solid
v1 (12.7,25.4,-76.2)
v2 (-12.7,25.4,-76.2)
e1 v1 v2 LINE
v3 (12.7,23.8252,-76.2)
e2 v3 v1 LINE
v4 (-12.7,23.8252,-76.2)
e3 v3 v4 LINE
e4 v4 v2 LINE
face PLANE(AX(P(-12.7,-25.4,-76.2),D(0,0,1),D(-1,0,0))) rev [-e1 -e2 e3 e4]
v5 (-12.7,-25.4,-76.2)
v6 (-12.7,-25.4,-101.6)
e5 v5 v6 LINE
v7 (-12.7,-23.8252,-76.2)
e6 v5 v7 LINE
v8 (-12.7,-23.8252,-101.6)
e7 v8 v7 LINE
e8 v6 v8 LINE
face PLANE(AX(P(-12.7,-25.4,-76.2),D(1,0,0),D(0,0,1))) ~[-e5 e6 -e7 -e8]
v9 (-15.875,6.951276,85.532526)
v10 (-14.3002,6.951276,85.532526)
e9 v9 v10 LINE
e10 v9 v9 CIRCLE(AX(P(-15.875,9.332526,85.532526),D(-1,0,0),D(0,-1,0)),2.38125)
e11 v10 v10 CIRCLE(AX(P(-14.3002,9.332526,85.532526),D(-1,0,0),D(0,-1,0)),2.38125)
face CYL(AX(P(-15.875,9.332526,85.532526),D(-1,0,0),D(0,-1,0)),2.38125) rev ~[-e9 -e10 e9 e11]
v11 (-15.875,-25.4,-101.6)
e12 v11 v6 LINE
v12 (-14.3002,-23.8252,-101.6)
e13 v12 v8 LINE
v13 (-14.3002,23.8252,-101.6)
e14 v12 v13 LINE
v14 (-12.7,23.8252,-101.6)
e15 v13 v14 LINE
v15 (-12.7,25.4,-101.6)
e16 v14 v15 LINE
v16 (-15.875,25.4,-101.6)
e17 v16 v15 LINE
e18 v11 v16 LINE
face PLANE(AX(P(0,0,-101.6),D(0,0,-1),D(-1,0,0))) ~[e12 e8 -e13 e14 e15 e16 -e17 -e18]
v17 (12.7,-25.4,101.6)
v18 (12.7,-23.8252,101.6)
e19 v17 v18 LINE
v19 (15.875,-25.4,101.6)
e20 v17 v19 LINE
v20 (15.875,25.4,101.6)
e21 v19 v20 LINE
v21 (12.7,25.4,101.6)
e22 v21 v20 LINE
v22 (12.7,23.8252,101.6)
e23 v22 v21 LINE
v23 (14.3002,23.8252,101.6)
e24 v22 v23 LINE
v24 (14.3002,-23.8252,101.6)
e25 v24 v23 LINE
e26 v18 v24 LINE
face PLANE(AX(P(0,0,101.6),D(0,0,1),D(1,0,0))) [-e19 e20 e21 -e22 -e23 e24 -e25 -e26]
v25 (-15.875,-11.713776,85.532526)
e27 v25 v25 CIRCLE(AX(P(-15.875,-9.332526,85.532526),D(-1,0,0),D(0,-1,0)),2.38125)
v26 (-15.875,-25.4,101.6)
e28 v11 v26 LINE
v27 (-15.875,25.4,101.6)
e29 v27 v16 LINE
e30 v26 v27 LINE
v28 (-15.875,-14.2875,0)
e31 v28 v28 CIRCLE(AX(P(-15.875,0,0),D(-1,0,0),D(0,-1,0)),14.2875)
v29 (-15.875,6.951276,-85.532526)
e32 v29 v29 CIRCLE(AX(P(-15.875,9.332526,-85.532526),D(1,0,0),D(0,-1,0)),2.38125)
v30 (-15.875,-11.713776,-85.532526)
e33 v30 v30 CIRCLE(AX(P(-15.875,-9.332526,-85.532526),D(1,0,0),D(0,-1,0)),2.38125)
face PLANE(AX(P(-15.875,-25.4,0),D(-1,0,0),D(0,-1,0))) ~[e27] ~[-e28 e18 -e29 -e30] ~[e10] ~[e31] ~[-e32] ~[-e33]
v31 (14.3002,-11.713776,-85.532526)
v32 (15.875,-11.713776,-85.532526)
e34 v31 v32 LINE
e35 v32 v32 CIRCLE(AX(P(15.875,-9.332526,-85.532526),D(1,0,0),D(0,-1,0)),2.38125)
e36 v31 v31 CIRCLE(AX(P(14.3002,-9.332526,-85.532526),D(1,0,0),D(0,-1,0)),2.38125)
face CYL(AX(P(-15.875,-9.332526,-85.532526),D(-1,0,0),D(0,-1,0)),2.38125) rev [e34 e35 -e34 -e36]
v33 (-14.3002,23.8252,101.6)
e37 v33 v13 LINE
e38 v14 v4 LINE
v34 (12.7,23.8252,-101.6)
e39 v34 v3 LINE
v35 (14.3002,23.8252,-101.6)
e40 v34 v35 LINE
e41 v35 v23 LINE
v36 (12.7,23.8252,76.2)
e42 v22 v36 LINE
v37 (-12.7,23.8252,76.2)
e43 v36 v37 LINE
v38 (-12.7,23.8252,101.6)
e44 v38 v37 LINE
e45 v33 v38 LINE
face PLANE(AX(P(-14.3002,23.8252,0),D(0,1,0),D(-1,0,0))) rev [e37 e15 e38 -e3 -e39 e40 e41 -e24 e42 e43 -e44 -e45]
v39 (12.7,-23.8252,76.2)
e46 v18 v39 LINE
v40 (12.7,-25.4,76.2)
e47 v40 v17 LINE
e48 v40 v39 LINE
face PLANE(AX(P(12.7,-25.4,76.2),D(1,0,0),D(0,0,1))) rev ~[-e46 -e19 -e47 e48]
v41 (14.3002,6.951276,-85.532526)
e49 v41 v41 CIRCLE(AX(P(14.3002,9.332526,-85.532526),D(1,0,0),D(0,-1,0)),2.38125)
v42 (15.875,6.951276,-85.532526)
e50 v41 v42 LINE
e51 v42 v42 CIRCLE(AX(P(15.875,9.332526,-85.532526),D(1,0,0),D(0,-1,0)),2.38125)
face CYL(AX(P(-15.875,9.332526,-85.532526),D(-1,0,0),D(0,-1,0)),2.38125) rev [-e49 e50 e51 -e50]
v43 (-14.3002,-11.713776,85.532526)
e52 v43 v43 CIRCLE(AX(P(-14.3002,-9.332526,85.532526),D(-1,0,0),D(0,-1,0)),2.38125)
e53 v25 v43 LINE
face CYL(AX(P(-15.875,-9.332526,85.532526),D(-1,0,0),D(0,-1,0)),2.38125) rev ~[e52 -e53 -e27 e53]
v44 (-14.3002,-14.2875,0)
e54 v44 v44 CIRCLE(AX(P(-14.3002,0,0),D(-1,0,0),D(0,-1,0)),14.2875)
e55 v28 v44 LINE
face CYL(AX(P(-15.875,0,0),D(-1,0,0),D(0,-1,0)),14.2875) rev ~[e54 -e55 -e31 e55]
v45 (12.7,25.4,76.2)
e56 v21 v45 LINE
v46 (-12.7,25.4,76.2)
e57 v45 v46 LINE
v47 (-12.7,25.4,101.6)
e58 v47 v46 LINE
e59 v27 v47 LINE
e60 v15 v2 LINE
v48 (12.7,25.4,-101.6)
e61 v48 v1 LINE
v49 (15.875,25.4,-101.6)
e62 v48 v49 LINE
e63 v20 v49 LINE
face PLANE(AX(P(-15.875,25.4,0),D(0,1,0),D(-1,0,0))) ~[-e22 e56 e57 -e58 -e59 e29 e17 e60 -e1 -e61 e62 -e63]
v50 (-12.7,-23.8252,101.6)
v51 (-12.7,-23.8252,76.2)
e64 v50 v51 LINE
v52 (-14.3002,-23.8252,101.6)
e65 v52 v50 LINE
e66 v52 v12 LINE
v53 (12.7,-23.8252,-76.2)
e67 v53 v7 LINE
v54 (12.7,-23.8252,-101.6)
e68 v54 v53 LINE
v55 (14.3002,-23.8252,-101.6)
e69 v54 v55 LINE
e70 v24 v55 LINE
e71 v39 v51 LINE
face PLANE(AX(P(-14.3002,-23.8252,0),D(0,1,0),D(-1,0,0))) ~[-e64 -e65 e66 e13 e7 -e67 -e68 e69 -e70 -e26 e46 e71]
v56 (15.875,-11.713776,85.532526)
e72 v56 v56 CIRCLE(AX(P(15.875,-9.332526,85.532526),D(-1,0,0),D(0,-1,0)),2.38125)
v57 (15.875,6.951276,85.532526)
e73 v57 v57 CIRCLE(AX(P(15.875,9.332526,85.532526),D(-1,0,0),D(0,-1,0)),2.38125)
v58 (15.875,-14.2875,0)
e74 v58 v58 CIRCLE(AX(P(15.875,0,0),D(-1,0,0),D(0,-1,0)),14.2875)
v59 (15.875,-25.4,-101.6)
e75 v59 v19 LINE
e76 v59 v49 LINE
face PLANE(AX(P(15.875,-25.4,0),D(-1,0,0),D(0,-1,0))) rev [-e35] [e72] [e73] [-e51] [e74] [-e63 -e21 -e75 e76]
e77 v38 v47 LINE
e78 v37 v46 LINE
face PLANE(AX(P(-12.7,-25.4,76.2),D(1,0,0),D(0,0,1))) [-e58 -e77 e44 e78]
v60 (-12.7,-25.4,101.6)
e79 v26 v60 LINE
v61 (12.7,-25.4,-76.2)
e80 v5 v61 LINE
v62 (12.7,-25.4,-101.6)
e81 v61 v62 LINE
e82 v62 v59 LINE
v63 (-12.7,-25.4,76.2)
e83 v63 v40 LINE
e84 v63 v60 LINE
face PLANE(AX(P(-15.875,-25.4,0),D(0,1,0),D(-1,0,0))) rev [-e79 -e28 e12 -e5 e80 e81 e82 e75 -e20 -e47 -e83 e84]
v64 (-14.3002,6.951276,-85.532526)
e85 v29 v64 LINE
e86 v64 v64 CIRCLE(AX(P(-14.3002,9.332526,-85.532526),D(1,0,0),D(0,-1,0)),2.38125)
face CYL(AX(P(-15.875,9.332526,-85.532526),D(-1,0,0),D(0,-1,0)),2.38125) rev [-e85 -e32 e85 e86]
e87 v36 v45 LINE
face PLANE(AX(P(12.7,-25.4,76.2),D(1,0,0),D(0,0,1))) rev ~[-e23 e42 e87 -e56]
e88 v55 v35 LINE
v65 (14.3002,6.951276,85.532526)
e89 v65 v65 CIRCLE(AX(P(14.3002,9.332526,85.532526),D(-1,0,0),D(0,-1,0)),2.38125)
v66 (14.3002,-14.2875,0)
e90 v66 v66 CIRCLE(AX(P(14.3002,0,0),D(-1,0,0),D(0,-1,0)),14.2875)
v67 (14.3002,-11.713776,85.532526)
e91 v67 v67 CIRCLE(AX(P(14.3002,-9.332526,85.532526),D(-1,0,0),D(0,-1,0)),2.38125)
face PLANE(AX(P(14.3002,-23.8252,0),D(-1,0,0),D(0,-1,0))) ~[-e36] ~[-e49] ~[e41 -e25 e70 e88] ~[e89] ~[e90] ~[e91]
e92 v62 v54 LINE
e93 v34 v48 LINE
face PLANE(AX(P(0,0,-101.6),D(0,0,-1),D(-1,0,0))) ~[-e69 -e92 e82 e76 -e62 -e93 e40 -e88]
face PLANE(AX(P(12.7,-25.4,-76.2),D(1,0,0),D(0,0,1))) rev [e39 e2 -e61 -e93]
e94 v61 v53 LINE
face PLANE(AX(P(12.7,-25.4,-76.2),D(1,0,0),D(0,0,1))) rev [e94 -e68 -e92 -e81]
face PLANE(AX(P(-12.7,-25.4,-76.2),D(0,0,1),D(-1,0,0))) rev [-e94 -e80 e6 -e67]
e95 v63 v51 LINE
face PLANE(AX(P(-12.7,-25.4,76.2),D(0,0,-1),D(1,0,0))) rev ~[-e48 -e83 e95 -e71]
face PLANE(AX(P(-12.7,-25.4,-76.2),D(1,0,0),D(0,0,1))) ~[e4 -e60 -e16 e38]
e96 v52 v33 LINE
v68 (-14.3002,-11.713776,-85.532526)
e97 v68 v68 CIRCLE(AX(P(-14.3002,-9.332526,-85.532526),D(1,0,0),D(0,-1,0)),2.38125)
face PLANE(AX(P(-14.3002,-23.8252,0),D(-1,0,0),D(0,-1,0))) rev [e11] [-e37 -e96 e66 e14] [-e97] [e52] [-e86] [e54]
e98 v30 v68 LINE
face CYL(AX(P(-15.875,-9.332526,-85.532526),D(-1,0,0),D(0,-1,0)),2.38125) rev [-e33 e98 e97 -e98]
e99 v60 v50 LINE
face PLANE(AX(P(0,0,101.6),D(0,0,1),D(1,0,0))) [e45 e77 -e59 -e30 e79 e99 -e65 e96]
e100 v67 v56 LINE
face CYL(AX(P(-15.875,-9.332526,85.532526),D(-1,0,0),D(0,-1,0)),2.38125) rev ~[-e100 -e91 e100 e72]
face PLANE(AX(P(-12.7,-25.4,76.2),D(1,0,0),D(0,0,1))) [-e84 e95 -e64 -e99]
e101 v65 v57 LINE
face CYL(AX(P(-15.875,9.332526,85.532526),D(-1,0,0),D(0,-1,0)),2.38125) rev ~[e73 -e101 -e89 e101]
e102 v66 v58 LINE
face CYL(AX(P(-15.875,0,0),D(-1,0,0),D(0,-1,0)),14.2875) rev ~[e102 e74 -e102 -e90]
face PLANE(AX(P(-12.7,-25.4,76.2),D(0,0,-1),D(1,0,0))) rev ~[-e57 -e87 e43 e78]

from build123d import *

# Parameters (mm, degrees)
F0_W     = 31.75
F0_H     = 50.8
F0_W_2   = 28.6004
F0_H_2   = 47.6504
F1_DEPTH = 101.6
F2_W     = 25.4
F2_H     = 25.4
F3_DEPTH = 50.801
F4_R     = 2.38125
F5_DEPTH = 31.751
F7_R     = 14.2875
F8_DEPTH = 31.751


with BuildPart() as f1:
    # F0 (on Top) → F1 (new body)
    with BuildSketch(Plane.XY):
        Rectangle(F0_W, F0_H)
        Rectangle(F0_W_2, F0_H_2, mode=Mode.SUBTRACT)
    extrude(amount=F1_DEPTH)

    # F2 (on face) → F3 (cut, through all)
    with BuildSketch(Plane.XZ.offset(25.4)):
        with Locations((0, 88.9)):
            Rectangle(F2_W, F2_H)
    extrude(amount=-F3_DEPTH, mode=Mode.SUBTRACT)

    # F4 (on face) → F5 (cut, through all)
    with BuildSketch(Plane(origin=(-15.875, 0, 0), x_dir=(0, -1, 0), z_dir=(-1, 0, 0))):
        with Locations((-9.332526, 85.532526)):
            Circle(F4_R)
        with Locations((9.332526, 85.532526)):
            Circle(F4_R)
    extrude(amount=-F5_DEPTH, mode=Mode.SUBTRACT)

    # F6: F1 across plane


with BuildPart() as f1_1:
    add(f1.part)
    add(f1.part.mirror(Plane.XY))

    # F7 (on face) → F8 (cut, through all)
    with BuildSketch(Plane(origin=(-15.875, 0, 0), x_dir=(0, -1, 0), z_dir=(-1, 0, 0))):
        Circle(F7_R)
    extrude(amount=-F8_DEPTH, mode=Mode.SUBTRACT)


solid = f1_1.part
